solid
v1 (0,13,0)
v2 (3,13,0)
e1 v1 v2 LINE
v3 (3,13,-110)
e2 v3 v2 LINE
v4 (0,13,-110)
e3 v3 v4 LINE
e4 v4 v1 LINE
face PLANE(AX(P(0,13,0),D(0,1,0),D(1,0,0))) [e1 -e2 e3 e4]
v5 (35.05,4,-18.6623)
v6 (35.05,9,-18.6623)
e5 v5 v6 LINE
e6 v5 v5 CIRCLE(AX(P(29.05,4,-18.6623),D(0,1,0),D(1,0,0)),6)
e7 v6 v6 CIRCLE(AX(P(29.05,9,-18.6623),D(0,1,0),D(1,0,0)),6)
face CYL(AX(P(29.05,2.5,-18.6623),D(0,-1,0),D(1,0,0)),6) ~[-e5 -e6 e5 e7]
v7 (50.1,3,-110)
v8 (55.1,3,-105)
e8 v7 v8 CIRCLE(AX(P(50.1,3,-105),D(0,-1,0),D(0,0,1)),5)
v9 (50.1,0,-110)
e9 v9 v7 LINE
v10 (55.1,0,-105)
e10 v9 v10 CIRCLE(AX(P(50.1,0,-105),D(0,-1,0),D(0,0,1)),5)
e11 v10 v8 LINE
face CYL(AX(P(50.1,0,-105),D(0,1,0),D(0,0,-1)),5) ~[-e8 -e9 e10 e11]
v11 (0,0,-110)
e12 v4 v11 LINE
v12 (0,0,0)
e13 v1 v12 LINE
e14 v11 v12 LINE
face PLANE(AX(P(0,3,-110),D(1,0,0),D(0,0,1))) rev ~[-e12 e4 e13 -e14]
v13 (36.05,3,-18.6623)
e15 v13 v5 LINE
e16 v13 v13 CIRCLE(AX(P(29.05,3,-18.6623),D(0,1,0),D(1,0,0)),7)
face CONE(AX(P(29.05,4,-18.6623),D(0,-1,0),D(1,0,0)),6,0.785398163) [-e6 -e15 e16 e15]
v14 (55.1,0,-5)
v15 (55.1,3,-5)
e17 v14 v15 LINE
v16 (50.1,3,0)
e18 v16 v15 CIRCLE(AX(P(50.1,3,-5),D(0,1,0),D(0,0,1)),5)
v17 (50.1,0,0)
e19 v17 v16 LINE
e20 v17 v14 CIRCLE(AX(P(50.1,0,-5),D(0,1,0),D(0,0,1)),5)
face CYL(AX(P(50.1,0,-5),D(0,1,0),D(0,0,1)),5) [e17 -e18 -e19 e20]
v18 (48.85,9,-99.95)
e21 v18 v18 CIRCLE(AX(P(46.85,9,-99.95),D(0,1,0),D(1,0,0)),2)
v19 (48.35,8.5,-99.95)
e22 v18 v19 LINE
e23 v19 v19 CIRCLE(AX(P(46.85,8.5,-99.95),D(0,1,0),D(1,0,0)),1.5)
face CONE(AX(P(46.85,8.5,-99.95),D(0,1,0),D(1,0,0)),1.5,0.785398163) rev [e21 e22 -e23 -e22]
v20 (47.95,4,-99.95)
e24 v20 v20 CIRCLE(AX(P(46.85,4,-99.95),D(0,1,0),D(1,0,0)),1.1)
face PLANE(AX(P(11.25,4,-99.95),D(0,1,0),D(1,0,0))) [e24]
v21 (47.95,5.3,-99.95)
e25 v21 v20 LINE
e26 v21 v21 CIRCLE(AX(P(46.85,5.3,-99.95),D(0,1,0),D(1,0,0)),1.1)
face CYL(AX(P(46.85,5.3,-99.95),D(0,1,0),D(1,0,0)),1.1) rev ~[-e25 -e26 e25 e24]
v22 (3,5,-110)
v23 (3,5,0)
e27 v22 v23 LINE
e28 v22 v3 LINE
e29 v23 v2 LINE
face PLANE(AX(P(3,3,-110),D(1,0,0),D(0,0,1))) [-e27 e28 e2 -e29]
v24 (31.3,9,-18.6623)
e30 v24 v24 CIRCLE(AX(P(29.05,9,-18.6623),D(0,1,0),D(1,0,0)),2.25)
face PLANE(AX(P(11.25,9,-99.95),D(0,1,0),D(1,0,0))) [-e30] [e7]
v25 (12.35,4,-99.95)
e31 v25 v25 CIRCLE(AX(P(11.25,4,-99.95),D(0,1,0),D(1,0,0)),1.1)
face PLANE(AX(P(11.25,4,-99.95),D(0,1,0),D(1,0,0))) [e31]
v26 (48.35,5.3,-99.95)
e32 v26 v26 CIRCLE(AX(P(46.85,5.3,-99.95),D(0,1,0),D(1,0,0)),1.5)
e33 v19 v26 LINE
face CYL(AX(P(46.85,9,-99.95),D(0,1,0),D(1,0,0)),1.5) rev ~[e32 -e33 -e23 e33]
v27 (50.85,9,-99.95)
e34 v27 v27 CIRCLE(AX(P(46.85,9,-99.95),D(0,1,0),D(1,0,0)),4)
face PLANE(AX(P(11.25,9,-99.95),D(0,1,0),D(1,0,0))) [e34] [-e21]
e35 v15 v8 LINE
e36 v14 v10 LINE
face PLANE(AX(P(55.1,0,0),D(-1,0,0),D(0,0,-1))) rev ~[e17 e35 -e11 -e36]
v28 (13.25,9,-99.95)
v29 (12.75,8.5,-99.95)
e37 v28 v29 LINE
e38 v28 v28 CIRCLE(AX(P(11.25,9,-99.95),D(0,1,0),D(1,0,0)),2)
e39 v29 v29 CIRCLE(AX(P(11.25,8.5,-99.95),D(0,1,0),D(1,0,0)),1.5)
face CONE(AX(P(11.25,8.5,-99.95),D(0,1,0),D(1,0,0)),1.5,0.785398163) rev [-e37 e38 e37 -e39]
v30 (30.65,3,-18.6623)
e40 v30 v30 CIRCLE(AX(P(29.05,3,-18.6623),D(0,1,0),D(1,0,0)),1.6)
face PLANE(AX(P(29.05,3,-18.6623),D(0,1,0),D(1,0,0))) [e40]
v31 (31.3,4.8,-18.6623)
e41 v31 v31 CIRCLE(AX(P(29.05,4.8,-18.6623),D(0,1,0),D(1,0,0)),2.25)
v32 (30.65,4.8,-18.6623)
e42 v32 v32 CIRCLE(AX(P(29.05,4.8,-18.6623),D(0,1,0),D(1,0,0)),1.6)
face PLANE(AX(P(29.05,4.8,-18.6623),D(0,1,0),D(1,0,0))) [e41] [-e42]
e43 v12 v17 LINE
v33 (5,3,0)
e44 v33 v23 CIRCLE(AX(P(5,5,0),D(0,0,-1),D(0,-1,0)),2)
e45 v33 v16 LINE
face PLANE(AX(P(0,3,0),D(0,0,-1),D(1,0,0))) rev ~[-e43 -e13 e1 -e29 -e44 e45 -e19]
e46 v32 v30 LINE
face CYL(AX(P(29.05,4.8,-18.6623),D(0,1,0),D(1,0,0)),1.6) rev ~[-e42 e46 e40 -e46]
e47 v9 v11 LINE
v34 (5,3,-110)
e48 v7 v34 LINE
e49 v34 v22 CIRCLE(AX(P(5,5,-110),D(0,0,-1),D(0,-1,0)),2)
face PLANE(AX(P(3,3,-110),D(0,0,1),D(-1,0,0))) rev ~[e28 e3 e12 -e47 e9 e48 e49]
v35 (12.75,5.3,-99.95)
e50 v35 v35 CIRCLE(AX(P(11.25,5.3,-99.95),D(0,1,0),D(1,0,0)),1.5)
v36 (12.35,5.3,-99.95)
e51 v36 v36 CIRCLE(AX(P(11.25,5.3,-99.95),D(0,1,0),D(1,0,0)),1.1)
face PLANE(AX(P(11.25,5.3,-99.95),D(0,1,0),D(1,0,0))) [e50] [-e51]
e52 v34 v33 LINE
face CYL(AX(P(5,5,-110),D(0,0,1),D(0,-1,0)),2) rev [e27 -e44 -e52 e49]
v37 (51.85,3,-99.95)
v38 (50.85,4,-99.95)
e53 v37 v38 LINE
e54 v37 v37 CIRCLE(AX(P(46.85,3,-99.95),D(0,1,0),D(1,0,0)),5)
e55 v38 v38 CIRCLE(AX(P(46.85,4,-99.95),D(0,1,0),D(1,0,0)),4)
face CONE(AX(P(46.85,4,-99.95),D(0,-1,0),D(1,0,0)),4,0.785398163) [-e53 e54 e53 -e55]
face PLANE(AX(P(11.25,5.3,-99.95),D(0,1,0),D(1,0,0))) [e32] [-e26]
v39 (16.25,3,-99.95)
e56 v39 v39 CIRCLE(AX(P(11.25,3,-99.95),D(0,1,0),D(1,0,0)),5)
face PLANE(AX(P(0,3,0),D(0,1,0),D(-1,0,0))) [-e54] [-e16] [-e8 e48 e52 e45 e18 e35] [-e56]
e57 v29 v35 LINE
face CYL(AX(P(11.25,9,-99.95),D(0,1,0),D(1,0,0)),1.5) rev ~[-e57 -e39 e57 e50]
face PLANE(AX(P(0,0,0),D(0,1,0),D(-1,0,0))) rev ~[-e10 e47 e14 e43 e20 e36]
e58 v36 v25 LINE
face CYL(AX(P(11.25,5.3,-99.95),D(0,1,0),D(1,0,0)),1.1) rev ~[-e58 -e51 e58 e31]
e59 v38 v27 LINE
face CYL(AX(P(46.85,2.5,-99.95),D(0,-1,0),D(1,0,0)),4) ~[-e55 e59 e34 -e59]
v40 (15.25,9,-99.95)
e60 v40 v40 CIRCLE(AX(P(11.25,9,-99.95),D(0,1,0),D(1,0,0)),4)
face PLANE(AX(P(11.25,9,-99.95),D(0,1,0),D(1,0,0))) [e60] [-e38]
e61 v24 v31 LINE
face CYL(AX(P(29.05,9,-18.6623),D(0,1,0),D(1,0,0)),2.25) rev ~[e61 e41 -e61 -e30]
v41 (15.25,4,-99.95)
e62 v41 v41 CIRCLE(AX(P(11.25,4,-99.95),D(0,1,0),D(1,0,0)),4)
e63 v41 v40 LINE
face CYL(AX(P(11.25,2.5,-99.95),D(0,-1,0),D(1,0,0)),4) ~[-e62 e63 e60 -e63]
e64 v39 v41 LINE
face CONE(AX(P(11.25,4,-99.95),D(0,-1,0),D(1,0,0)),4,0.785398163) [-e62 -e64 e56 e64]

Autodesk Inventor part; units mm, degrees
ref_plane "YZ Plane" through (0, 0, 0) normal (1, 0, 0) x (0, 1, 0)
ref_plane "XZ Plane" through (0, 0, 0) normal (0, 1, 0) x (-1, 0, 0)
ref_plane "XY Plane" through (0, 0, 0) normal (0, 0, 1) x (1, 0, 0)
sketch "Sketch1" plane through (0, 0, 0) normal (0, 1, 0) x (-1, 0, 0)
  line L0 (0, 0) -> (-55.1, 0)
  line L1 (-55.1, 0) -> (-55.1, -110)
  line L2 (-55.1, -110) -> (0, -110)
  line L3 (0, -110) -> (0, 0)
  dimension "d0" = 110
  dimension "d28" = 55.1
extrude "Extrusion1" add sketch "Sketch1" along normal blind 3
sketch "Sketch2" plane through (0, 3, 0) normal (0, 1, 0) x (1, 0, 0)
  line L0 (55.1, 0) -> (55.1, 110) projected
  line L1 (55.1, 110) -> (0, 110) projected
  line L2 (0, 110) -> (0, 0) projected
  line L3 (0, 0) -> (55.1, 0) projected
  circle A0 centre (11.25, 99.95) radius 4
  circle A1 centre (46.85, 99.95) radius 4
  circle A2 centre (29.05, 18.6623) radius 6
  point P0 (27.55, 110)
  dimension "d3" = 8
  dimension "d4" = 10.05
  dimension "d6" = 8
  dimension "d7" = 10.05
  dimension "d8" = 8.25
  dimension "d29" = 12
  dimension "d30" = 91.35
  dimension "d39" = 26.05
  dimension "d40" = 35.6
extrude "Extrusion2" cut sketch "Sketch2" against normal blind 0.5 contours A0 | A1 | A2
sketch "Sketch3" plane through (11.25, 2.5, -99.95) normal (0, 1, 0) x (1, 0, 0)
  circle A0 centre (0, 0) radius 4 projected
  circle A1 centre (0, 0) radius 4
  circle A2 centre (35.6, 0) radius 4 projected
  circle A3 centre (35.6, 0) radius 4
  circle A4 centre (17.8, -81.2877) radius 6 projected
  circle A5 centre (17.8, -81.2877) radius 6
  point P0 (-11.25, -99.95)
  dimension "d32" = 12
extrude "Extrusion3" add sketch "Sketch3" along normal blind 6.5
sketch "Sketch4" plane through (11.25, 9, -99.95) normal (0, 1, 0) x (1, 0, 0)
  circle A0 centre (0, 0) radius 4 projected
  circle A1 centre (0, 0) radius 1.5
  circle A2 centre (35.6, 0) radius 4 projected
  circle A3 centre (35.6, 0) radius 1.5
  point P0 (-11.25, -99.95)
  dimension "d13" = 3
  dimension "d14" = 3
extrude "Extrusion4" cut sketch "Sketch4" against normal blind 3.7 contours A1 | A3
chamfer "Chamfer1" distance 1 angle 45 3 edges at (7.25, 3, -99.95) (42.85, 3, -99.95) (23.05, 3, -18.6623)
chamfer "Chamfer2" distance 0.5 angle 45 2 edges at (9.75, 9, -99.95) (45.35, 9, -99.95)
sketch "Sketch5" plane through (0, 3, 0) normal (0, 1, 0) x (1, 0, 0)
  circle A0 centre (11.25, 99.95) radius 1.5 projected
  point P0 (0, 0)
sketch "Sketch6" plane through (11.25, 5.3, -99.95) normal (0, 1, 0) x (1, 0, 0)
  circle A0 centre (0, 0) radius 1.5 projected
  circle A1 centre (0, 0) radius 1.1
  circle A2 centre (35.6, 0) radius 1.5 projected
  circle A3 centre (35.6, 0) radius 1.1
  point P0 (-11.25, -99.95)
  dimension "d23" = 2.2
  dimension "d24" = 2.2
extrude "Extrusion5" cut sketch "Sketch6" against normal blind 1.3 contours A1 | A3
sketch "Sketch7" plane through (29.05, 9, -18.6623) normal (0, 1, 0) x (1, 0, 0)
  circle A0 centre (0, 0) radius 2.25
  point P0 (-29.05, -18.6623)
  dimension "d33" = 4.5
extrude "Extrusion6" cut sketch "Sketch7" against normal blind 4.2
sketch "Sketch8" plane through (29.05, 4.8, -18.6623) normal (0, 1, 0) x (1, 0, 0)
  circle A0 centre (0, 0) radius 2.25 projected
  circle A1 centre (0, 0) radius 1.6
  point P0 (-29.05, -18.6623)
  dimension "d36" = 3.2
extrude "Extrusion7" cut sketch "Sketch8" against normal blind 1.8 contours A1
sketch "Sketch9" plane through (0, 3, 0) normal (0, 1, 0) x (1, 0, 0)
  circle A0 centre (46.85, 99.95) radius 5 projected
  line L0 (55.1, 0) -> (55.1, 110) projected
  line L1 (55.1, 110) -> (0, 110) projected
  line L2 (0, 110) -> (0, 0) projected
  line L3 (0, 0) -> (55.1, 0) projected
  circle A1 centre (11.25, 99.95) radius 5 projected
  circle A2 centre (29.05, 18.6623) radius 7 projected
  line L4 (55.1, 110) -> (0, 110) projected
  line L5 (0, 110) -> (3, 110)
  line L6 (3, 110) -> (3, 0)
  line L7 (3, 0) -> (0, 0)
  line L8 (0, 0) -> (0, 110)
  dimension "d41" = 3
extrude "Extrusion8" add sketch "Sketch9" along normal blind 10 contours L3 L2 L1 L6
fillet "Fillet2" radius 5 2 edges at (55.1, 1.5, -110) (55.1, 1.5, 0)
fillet "Fillet3" radius 2 1 edges at (3, 3, -55)
properties part number "long_protoboard_backplate"
